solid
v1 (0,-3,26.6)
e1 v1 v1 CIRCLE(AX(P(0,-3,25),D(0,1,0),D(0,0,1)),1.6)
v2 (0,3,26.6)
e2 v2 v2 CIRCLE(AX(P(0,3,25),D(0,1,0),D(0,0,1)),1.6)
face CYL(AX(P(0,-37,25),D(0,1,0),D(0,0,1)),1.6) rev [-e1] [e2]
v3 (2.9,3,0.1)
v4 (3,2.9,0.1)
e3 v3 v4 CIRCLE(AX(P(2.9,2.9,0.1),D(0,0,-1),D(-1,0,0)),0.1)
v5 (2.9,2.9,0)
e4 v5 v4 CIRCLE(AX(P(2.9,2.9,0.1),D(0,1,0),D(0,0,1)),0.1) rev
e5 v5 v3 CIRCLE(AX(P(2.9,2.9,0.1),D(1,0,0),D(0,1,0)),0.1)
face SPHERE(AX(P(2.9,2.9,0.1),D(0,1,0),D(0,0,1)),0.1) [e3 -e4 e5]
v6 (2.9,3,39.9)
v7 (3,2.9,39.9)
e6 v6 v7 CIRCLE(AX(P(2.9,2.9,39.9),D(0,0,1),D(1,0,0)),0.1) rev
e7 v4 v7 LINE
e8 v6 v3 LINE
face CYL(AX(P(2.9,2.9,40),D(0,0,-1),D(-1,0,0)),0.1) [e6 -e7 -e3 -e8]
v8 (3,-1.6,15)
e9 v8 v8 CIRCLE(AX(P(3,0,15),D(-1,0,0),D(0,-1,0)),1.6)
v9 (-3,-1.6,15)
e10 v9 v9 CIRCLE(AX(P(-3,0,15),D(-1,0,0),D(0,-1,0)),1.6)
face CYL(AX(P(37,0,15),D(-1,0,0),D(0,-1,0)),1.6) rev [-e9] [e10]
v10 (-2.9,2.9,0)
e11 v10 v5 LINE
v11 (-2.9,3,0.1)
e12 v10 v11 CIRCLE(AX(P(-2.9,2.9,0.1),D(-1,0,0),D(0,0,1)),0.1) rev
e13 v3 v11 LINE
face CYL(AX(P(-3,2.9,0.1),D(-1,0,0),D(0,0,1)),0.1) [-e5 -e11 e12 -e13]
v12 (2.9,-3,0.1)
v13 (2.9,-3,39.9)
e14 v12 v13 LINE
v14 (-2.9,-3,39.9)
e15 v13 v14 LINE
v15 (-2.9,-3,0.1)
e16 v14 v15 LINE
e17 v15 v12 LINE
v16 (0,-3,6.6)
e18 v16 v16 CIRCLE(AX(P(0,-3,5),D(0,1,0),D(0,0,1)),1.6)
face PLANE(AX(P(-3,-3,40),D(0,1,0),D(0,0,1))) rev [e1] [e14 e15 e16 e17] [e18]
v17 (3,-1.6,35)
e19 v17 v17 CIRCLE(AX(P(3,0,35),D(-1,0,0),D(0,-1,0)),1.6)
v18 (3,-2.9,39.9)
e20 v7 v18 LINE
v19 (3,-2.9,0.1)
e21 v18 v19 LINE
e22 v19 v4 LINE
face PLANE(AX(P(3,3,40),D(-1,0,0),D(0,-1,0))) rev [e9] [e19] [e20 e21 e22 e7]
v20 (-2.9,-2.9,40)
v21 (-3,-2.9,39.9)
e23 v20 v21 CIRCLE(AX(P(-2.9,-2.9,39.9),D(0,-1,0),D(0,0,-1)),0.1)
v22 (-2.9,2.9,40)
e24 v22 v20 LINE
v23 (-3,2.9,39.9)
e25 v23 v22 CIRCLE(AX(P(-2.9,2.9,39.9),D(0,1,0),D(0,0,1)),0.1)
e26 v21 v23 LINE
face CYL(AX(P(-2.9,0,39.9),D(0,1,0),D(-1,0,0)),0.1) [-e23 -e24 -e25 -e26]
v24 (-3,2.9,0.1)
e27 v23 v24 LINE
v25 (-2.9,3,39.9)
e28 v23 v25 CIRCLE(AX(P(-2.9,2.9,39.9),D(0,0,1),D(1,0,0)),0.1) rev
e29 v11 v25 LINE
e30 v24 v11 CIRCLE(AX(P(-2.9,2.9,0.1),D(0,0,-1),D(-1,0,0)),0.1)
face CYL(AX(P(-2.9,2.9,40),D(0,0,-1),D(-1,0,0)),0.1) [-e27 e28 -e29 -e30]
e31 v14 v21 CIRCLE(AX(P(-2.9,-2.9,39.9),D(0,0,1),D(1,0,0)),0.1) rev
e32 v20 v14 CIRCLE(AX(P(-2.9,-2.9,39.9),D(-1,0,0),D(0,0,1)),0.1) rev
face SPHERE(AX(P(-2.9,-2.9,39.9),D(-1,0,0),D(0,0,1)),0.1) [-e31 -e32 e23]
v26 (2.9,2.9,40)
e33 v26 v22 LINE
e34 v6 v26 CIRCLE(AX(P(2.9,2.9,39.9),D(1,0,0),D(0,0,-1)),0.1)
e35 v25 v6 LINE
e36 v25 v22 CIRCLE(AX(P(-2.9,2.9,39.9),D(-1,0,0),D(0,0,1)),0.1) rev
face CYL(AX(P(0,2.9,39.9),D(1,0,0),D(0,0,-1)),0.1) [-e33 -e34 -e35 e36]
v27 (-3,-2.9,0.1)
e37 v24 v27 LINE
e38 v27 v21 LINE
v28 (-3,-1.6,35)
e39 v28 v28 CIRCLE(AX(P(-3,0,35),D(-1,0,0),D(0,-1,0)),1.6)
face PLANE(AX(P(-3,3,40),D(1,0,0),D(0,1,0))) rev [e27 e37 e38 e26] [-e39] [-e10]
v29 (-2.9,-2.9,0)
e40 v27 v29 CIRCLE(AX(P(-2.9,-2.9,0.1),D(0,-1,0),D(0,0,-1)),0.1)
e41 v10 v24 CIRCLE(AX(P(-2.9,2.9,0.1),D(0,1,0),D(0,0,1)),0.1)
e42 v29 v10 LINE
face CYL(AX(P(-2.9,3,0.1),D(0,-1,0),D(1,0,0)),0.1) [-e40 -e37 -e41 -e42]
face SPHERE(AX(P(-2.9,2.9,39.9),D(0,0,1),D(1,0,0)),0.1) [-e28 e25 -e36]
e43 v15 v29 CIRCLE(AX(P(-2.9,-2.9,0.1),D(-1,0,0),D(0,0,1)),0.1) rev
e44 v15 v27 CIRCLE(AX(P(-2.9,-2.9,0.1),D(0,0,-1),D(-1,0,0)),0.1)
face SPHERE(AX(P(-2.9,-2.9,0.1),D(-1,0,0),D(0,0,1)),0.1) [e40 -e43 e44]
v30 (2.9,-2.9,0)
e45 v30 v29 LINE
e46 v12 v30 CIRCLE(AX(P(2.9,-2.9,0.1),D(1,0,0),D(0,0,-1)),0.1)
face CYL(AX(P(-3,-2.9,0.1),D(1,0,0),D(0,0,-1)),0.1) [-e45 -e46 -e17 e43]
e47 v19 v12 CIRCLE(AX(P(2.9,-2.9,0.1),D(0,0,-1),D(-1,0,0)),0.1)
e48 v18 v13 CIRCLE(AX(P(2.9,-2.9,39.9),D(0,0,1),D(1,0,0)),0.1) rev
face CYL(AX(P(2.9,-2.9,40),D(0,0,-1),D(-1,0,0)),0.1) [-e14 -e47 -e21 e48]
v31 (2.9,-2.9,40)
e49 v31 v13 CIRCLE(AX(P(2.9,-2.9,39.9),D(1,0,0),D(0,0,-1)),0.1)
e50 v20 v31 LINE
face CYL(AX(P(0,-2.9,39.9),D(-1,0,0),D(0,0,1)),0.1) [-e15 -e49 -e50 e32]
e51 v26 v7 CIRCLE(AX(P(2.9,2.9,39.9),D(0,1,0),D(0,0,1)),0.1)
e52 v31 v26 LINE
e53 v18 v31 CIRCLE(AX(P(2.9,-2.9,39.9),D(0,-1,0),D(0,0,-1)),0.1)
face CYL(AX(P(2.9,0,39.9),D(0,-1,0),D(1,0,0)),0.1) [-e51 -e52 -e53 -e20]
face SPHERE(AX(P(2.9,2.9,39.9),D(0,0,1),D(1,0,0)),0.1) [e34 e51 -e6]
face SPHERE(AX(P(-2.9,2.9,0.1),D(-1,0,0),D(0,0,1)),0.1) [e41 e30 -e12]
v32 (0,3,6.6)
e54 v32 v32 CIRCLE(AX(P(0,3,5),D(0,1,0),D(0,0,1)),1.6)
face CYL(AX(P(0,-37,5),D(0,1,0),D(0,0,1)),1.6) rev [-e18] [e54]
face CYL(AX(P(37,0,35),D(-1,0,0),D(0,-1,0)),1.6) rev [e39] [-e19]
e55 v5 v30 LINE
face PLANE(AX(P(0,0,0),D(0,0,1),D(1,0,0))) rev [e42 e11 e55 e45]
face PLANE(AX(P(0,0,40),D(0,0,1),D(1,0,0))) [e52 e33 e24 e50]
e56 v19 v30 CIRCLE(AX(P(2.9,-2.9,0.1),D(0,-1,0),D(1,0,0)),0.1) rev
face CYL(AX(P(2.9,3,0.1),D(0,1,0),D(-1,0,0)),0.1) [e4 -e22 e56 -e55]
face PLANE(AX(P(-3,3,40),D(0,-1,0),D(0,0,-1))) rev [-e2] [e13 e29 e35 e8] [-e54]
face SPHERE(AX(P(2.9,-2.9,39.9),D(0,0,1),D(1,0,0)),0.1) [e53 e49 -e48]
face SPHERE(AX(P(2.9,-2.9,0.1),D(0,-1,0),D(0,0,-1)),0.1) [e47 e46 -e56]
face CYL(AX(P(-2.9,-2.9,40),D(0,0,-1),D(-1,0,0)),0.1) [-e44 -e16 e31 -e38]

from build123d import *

# Parameters (mm, degrees)
SKETCH_1_W          = 6
SKETCH_1_H          = 6
EXTRUDE_1_DEPTH     = 40
SKETCH_2_R          = 1.6
CUT_EXTRUDE_1_DEPTH = 40
SKETCH_3_R          = 1.6
CUT_EXTRUDE_2_DEPTH = 40
FILLET_1_R          = 0.1


with BuildPart() as part:
    # 草图1 → 凸台-拉伸1 (new body)
    with BuildSketch(Plane.XY):
        Rectangle(SKETCH_1_W, SKETCH_1_H)
    extrude(amount=EXTRUDE_1_DEPTH)

    # 草图2 → 切除-拉伸1 (cut)
    with BuildSketch(Plane.ZY.offset(3)):
        with Locations(Location((15, 0, 0), (0, 0, 270))):
            Circle(SKETCH_2_R)
        with Locations(Location((35, 0, 0), (0, 0, 270))):
            Circle(SKETCH_2_R)
    extrude(amount=-CUT_EXTRUDE_1_DEPTH, mode=Mode.SUBTRACT)

    # 草图3 → 切除-拉伸2 (cut)
    with BuildSketch(Plane(origin=(0, 3, 0), x_dir=(1, 0, 0), z_dir=(0, 1, 0))):
        with Locations(Location((0, -5, 0), (0, 0, 270))):
            Circle(SKETCH_3_R)
        with Locations(Location((0, -25, 0), (0, 0, 270))):
            Circle(SKETCH_3_R)
    extrude(amount=-CUT_EXTRUDE_2_DEPTH, mode=Mode.SUBTRACT)

    # 圆角1
    fillet_1_edges = [part.edges().sort_by_distance(p)[0] for p in [
        (-3, 0, 40),
        (0, -3, 40),
        (3, 0, 40),
        (0, -3, 0),
        (-3, 0, 0),
        (0, 3, 0),
        (3, 0, 0),
        (3, -3, 20),
        (-3, -3, 20),
        (-3, 3, 20),
        (3, 3, 20),
        (0, 3, 40),
    ]]
    fillet(fillet_1_edges, radius=FILLET_1_R)


solid = part.part
